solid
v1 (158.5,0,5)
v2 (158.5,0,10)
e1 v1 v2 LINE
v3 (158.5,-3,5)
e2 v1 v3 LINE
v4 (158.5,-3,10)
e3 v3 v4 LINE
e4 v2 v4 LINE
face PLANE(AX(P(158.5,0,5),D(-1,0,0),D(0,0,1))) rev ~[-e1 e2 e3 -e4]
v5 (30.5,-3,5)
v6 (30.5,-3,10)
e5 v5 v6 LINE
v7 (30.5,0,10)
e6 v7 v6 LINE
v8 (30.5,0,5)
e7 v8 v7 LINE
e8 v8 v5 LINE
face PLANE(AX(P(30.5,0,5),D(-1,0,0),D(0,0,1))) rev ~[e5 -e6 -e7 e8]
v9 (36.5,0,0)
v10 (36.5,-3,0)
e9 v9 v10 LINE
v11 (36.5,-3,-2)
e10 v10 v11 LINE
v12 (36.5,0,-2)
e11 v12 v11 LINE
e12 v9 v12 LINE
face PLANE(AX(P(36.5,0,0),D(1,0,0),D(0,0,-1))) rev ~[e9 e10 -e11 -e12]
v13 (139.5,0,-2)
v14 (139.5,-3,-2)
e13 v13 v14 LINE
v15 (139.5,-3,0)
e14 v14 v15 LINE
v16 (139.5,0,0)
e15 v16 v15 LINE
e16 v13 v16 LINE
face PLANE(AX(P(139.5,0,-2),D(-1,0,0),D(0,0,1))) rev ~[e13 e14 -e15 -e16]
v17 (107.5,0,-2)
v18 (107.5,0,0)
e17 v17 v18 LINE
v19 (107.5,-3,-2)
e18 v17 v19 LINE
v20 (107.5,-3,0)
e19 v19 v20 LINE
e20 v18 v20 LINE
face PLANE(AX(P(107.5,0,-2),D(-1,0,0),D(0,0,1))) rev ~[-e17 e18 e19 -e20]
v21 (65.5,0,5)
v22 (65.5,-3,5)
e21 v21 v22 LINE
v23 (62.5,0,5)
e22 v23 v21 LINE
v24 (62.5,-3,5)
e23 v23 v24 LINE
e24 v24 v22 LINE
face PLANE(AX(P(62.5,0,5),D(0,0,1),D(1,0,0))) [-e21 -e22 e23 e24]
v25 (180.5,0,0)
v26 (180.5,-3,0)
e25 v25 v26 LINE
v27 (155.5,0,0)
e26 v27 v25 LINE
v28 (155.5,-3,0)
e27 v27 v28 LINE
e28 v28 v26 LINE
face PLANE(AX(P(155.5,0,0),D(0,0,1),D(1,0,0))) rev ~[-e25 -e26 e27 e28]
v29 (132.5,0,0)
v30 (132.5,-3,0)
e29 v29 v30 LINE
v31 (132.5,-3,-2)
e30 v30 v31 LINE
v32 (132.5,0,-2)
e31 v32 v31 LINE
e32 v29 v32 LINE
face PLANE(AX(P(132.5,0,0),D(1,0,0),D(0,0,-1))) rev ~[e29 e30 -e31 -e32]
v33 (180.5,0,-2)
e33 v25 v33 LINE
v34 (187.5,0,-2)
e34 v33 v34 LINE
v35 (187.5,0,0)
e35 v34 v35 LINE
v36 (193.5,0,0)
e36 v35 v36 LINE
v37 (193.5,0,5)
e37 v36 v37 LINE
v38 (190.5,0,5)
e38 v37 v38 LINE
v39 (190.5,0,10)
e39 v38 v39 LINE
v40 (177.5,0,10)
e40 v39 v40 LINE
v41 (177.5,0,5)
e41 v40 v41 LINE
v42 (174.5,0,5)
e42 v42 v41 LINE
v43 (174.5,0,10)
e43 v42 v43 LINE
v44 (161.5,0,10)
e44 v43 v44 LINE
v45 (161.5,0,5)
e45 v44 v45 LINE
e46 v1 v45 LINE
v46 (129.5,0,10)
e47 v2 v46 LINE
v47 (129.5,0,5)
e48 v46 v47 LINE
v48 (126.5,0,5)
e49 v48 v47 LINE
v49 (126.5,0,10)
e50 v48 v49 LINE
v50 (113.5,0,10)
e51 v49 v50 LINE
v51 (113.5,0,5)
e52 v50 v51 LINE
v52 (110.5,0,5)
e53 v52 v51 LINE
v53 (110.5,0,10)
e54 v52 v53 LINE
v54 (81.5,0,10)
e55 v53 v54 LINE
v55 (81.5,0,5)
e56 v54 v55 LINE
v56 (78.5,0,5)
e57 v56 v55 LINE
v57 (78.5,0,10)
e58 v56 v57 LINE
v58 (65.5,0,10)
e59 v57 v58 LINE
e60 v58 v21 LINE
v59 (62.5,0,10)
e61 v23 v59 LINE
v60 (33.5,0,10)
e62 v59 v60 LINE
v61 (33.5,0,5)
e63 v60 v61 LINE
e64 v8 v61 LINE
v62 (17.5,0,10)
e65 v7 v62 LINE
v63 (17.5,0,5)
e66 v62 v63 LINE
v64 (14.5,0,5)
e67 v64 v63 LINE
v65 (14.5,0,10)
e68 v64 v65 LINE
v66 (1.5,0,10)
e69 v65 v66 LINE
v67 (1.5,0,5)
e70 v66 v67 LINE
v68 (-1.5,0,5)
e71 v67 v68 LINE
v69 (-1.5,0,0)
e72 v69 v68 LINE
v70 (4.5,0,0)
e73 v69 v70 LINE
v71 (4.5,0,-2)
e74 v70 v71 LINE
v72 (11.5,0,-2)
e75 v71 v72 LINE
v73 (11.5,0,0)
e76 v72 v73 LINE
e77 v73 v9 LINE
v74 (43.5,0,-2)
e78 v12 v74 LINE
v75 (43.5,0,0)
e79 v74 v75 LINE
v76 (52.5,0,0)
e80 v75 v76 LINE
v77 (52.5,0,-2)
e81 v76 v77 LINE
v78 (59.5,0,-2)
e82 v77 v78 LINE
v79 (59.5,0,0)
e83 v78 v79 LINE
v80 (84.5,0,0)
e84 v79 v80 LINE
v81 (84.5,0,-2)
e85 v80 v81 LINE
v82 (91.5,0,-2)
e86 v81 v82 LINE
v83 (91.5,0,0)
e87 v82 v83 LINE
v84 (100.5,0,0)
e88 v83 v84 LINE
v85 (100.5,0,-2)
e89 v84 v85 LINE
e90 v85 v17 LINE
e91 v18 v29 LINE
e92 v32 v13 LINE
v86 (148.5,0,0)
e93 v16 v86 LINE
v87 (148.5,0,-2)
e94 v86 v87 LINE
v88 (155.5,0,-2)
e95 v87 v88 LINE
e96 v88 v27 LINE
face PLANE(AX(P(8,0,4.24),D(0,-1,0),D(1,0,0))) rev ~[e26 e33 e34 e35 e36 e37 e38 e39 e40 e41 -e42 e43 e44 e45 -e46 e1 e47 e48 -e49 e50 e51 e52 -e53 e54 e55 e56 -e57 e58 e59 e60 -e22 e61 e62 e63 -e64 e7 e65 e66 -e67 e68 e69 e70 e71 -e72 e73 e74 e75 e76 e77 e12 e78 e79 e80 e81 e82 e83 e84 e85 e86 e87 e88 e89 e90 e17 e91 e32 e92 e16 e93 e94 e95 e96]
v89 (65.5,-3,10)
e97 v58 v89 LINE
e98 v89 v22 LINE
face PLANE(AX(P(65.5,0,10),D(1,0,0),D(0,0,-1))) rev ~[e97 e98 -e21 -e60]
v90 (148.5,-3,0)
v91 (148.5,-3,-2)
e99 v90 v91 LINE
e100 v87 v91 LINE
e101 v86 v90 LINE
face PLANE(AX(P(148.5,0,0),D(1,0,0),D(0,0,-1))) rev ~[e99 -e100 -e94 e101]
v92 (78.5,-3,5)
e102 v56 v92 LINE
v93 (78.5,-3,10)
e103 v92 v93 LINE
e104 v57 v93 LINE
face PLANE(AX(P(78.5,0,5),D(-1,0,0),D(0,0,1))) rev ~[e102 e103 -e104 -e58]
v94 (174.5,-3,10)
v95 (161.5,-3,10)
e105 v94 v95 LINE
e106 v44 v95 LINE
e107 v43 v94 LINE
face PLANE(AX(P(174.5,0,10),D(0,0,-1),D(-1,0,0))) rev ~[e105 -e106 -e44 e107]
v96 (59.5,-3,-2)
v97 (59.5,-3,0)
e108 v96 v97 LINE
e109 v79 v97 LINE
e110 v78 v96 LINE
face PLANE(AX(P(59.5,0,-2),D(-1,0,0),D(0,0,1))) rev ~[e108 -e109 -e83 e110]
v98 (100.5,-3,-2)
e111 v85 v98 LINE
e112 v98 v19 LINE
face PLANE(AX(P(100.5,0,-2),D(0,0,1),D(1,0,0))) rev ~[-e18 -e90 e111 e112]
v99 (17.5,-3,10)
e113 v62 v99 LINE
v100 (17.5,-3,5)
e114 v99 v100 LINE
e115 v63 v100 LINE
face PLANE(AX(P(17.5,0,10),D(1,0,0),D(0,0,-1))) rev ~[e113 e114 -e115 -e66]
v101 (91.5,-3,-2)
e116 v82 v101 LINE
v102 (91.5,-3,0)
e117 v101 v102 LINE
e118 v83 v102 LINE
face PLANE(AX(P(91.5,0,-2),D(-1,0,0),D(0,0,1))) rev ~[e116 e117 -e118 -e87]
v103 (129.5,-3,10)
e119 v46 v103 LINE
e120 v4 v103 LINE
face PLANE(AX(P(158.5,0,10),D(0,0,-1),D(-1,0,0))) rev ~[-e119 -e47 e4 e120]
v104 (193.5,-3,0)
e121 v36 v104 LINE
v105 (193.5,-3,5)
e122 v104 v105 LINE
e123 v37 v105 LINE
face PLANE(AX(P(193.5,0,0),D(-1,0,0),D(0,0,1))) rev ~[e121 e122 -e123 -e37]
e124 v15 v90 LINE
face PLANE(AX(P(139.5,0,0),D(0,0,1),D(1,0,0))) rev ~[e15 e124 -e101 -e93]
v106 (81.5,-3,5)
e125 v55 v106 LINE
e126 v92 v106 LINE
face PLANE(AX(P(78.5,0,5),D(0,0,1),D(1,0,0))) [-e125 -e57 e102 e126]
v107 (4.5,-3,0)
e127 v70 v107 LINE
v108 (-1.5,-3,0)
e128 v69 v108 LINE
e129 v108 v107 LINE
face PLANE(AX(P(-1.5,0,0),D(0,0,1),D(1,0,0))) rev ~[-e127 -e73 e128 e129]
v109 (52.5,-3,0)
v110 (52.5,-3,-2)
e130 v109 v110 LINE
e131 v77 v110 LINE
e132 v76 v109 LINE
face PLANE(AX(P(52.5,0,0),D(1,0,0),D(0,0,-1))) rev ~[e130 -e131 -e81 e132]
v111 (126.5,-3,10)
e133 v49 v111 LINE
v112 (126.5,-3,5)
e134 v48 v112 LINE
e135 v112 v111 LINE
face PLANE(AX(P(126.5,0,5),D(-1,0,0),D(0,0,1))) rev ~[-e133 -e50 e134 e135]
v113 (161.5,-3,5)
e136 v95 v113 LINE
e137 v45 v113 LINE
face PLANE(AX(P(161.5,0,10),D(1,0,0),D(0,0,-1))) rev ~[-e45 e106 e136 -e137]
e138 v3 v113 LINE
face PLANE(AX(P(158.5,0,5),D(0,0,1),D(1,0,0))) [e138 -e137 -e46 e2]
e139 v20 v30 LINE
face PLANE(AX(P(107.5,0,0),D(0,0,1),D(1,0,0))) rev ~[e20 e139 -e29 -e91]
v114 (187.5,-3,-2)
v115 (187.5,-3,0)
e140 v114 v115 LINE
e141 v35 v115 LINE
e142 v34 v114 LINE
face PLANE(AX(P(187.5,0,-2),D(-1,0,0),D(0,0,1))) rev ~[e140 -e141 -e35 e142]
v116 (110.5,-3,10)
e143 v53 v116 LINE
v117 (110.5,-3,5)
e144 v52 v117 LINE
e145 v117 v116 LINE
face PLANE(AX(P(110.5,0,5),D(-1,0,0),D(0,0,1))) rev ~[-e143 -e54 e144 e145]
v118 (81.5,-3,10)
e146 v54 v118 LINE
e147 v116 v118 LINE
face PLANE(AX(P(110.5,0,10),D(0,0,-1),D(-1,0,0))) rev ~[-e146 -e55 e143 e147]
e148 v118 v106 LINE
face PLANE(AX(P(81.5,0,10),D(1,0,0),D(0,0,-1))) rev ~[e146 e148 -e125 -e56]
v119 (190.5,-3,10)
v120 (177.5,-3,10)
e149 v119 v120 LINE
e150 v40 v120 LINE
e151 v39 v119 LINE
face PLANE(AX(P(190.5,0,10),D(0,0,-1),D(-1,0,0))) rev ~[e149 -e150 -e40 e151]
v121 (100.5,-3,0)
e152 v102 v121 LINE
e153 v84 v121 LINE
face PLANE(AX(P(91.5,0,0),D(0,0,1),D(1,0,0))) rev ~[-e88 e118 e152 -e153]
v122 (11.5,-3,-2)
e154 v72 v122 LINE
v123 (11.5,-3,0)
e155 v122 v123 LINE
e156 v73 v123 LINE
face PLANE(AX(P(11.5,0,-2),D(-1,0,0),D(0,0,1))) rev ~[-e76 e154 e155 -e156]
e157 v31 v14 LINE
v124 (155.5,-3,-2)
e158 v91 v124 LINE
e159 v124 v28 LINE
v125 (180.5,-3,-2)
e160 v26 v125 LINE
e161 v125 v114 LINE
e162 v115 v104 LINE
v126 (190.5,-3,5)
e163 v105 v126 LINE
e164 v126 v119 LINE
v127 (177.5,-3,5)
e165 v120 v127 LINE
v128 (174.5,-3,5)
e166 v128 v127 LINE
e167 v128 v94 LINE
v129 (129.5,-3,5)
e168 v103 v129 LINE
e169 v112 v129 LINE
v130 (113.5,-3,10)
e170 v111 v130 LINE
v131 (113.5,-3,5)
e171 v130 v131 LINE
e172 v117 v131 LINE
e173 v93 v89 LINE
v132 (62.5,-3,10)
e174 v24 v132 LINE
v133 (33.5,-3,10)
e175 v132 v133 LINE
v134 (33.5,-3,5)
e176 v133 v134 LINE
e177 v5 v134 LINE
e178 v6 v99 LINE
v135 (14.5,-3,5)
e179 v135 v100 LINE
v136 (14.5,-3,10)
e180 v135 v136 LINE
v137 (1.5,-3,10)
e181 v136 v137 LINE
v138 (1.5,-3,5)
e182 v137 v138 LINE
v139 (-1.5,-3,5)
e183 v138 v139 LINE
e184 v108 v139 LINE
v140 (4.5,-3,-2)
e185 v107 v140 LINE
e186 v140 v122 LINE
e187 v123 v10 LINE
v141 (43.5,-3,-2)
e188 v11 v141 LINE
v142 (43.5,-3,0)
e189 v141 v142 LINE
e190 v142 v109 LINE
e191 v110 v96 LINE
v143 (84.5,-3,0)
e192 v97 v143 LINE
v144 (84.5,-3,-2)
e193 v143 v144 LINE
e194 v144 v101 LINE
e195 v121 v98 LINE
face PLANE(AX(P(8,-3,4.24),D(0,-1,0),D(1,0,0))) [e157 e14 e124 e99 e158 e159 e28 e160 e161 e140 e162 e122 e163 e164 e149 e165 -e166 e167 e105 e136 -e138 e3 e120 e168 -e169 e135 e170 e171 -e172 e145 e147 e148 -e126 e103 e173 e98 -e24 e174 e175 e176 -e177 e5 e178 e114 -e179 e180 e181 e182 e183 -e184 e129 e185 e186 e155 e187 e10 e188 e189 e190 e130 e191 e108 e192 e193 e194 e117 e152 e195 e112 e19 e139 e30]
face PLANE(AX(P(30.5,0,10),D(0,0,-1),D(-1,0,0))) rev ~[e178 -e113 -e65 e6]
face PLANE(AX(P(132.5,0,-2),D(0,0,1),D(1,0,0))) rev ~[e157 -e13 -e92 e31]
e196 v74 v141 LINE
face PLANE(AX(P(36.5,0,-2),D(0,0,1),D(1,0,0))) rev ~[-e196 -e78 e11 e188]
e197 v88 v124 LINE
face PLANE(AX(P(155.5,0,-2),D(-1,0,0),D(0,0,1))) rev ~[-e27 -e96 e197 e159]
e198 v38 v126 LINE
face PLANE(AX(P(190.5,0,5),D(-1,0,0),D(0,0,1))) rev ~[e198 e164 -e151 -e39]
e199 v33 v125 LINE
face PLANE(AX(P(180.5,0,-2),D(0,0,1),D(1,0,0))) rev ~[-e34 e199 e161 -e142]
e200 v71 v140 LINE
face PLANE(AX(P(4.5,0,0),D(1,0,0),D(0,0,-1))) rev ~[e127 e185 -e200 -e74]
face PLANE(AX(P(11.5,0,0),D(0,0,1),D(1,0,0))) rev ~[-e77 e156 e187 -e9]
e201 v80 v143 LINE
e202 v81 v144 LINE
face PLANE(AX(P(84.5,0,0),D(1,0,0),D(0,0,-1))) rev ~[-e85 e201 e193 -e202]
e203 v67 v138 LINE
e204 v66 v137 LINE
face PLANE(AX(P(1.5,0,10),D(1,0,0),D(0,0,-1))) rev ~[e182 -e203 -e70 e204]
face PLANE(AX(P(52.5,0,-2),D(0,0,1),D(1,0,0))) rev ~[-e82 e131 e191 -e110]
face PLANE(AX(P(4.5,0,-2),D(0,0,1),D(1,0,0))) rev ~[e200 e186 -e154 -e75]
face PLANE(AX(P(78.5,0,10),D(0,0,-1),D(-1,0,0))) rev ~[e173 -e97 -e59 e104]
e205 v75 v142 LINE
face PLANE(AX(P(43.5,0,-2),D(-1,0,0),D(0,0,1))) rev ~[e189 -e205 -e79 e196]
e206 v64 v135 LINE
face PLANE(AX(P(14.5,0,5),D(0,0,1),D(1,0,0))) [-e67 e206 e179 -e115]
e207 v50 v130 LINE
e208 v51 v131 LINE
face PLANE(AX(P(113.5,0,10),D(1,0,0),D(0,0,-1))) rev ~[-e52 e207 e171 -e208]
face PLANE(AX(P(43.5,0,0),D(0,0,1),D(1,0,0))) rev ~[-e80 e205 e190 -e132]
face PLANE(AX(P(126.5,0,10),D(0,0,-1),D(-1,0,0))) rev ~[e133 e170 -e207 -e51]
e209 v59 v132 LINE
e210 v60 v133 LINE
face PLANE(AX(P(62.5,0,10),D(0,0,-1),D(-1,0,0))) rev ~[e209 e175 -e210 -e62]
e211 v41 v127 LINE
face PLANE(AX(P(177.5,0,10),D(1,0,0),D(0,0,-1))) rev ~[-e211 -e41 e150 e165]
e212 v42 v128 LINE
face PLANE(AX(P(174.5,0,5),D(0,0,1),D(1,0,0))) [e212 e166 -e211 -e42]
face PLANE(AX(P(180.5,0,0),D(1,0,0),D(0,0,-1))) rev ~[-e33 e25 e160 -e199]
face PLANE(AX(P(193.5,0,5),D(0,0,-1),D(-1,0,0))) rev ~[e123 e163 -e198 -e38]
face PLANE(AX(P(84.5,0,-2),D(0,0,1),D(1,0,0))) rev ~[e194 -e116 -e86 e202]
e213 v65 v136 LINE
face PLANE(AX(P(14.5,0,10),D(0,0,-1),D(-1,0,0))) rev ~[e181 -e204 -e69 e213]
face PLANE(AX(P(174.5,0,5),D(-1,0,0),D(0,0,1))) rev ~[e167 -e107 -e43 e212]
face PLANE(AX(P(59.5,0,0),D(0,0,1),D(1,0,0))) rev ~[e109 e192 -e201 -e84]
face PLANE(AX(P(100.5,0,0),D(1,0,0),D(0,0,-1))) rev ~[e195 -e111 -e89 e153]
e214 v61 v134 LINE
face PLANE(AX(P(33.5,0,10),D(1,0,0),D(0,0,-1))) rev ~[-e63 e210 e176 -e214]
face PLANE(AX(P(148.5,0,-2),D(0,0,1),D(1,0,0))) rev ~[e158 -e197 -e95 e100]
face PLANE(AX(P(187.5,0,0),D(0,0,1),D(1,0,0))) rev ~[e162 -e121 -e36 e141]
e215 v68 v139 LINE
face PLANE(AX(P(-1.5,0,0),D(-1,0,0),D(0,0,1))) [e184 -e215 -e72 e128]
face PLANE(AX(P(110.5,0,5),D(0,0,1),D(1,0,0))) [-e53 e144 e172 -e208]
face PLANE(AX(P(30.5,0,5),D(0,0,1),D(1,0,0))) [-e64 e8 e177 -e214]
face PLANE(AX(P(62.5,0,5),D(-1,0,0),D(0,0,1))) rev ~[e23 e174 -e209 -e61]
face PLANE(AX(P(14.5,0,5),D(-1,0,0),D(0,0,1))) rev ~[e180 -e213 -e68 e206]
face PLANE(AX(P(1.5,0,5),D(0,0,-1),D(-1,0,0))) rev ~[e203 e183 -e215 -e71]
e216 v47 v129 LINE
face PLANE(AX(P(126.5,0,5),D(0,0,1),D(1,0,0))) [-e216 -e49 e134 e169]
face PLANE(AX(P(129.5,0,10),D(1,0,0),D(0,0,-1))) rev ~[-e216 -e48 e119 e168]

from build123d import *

# Parameters (mm, degrees)
F0_W     = 3
F0_H     = 5
F0_W_2   = 1.5
F1_DEPTH = 3


with BuildPart() as f1:
    # F0 (on Front) → F1 (new body)
    with BuildSketch(Plane.XZ):
        Polygon((1.5, 5), (1.5, 0), (4.5, 0), (4.5, -2), (11.5, -2), (11.5, 0), (14.5, 0), (14.5, 5), (14.5, 10), (11.5, 10), (1.5, 10), align=None)
        with Locations((16, 2.5)):
            Rectangle(F0_W, F0_H)
        Polygon((20.5, 10), (17.5, 10), (17.5, 5), (17.5, 0), (30.5, 0), (30.5, 5), (30.5, 10), align=None)
        with Locations((32, 2.5)):
            Rectangle(F0_W, F0_H)
        Polygon((33.5, 5), (33.5, 0), (36.5, 0), (36.5, -2), (43.5, -2), (43.5, 0), (48, 0), (52.5, 0), (52.5, -2), (59.5, -2), (59.5, 0), (62.5, 0), (62.5, 5), (62.5, 10), (33.5, 10), align=None)
        with Locations((64, 2.5)):
            Rectangle(F0_W, F0_H)
        Polygon((78.5, 10), (65.5, 10), (65.5, 5), (65.5, 0), (78.5, 0), (78.5, 5), align=None)
        with Locations((80, 2.5)):
            Rectangle(F0_W, F0_H)
        Polygon((110.5, 10), (81.5, 10), (81.5, 5), (81.5, 0), (84.5, 0), (84.5, -2), (91.5, -2), (91.5, 0), (96, 0), (100.5, 0), (100.5, -2), (107.5, -2), (107.5, 0), (110.5, 0), (110.5, 5), align=None)
        with Locations((112, 2.5)):
            Rectangle(F0_W, F0_H)
        Polygon((126.5, 10), (113.5, 10), (113.5, 5), (113.5, 0), (126.5, 0), (126.5, 5), align=None)
        with Locations((128, 2.5)):
            Rectangle(F0_W, F0_H)
        Polygon((158.5, 10), (129.5, 10), (129.5, 5), (129.5, 0), (132.5, 0), (132.5, -2), (139.5, -2), (139.5, 0), (144, 0), (148.5, 0), (148.5, -2), (155.5, -2), (155.5, 0), (158.5, 0), (158.5, 5), align=None)
        with Locations((160, 2.5)):
            Rectangle(F0_W, F0_H)
        Polygon((171.5, 10), (161.5, 10), (161.5, 5), (161.5, 0), (174.5, 0), (174.5, 5), (174.5, 10), align=None)
        with Locations((176, 2.5)):
            Rectangle(F0_W, F0_H)
        Polygon((180.5, 10), (177.5, 10), (177.5, 5), (177.5, 0), (180.5, 0), (180.5, -2), (187.5, -2), (187.5, 0), (190.5, 0), (190.5, 5), (190.5, 10), align=None)
        with Locations((0.75, 2.5)):
            Rectangle(F0_W_2, F0_H)
        with Locations((191.25, 2.5)):
            Rectangle(F0_W_2, F0_H)
        with Locations((192.75, 2.5)):
            Rectangle(F0_W_2, F0_H)
        with Locations((-0.75, 2.5)):
            Rectangle(F0_W_2, F0_H)
    extrude(amount=F1_DEPTH)


solid = f1.part
